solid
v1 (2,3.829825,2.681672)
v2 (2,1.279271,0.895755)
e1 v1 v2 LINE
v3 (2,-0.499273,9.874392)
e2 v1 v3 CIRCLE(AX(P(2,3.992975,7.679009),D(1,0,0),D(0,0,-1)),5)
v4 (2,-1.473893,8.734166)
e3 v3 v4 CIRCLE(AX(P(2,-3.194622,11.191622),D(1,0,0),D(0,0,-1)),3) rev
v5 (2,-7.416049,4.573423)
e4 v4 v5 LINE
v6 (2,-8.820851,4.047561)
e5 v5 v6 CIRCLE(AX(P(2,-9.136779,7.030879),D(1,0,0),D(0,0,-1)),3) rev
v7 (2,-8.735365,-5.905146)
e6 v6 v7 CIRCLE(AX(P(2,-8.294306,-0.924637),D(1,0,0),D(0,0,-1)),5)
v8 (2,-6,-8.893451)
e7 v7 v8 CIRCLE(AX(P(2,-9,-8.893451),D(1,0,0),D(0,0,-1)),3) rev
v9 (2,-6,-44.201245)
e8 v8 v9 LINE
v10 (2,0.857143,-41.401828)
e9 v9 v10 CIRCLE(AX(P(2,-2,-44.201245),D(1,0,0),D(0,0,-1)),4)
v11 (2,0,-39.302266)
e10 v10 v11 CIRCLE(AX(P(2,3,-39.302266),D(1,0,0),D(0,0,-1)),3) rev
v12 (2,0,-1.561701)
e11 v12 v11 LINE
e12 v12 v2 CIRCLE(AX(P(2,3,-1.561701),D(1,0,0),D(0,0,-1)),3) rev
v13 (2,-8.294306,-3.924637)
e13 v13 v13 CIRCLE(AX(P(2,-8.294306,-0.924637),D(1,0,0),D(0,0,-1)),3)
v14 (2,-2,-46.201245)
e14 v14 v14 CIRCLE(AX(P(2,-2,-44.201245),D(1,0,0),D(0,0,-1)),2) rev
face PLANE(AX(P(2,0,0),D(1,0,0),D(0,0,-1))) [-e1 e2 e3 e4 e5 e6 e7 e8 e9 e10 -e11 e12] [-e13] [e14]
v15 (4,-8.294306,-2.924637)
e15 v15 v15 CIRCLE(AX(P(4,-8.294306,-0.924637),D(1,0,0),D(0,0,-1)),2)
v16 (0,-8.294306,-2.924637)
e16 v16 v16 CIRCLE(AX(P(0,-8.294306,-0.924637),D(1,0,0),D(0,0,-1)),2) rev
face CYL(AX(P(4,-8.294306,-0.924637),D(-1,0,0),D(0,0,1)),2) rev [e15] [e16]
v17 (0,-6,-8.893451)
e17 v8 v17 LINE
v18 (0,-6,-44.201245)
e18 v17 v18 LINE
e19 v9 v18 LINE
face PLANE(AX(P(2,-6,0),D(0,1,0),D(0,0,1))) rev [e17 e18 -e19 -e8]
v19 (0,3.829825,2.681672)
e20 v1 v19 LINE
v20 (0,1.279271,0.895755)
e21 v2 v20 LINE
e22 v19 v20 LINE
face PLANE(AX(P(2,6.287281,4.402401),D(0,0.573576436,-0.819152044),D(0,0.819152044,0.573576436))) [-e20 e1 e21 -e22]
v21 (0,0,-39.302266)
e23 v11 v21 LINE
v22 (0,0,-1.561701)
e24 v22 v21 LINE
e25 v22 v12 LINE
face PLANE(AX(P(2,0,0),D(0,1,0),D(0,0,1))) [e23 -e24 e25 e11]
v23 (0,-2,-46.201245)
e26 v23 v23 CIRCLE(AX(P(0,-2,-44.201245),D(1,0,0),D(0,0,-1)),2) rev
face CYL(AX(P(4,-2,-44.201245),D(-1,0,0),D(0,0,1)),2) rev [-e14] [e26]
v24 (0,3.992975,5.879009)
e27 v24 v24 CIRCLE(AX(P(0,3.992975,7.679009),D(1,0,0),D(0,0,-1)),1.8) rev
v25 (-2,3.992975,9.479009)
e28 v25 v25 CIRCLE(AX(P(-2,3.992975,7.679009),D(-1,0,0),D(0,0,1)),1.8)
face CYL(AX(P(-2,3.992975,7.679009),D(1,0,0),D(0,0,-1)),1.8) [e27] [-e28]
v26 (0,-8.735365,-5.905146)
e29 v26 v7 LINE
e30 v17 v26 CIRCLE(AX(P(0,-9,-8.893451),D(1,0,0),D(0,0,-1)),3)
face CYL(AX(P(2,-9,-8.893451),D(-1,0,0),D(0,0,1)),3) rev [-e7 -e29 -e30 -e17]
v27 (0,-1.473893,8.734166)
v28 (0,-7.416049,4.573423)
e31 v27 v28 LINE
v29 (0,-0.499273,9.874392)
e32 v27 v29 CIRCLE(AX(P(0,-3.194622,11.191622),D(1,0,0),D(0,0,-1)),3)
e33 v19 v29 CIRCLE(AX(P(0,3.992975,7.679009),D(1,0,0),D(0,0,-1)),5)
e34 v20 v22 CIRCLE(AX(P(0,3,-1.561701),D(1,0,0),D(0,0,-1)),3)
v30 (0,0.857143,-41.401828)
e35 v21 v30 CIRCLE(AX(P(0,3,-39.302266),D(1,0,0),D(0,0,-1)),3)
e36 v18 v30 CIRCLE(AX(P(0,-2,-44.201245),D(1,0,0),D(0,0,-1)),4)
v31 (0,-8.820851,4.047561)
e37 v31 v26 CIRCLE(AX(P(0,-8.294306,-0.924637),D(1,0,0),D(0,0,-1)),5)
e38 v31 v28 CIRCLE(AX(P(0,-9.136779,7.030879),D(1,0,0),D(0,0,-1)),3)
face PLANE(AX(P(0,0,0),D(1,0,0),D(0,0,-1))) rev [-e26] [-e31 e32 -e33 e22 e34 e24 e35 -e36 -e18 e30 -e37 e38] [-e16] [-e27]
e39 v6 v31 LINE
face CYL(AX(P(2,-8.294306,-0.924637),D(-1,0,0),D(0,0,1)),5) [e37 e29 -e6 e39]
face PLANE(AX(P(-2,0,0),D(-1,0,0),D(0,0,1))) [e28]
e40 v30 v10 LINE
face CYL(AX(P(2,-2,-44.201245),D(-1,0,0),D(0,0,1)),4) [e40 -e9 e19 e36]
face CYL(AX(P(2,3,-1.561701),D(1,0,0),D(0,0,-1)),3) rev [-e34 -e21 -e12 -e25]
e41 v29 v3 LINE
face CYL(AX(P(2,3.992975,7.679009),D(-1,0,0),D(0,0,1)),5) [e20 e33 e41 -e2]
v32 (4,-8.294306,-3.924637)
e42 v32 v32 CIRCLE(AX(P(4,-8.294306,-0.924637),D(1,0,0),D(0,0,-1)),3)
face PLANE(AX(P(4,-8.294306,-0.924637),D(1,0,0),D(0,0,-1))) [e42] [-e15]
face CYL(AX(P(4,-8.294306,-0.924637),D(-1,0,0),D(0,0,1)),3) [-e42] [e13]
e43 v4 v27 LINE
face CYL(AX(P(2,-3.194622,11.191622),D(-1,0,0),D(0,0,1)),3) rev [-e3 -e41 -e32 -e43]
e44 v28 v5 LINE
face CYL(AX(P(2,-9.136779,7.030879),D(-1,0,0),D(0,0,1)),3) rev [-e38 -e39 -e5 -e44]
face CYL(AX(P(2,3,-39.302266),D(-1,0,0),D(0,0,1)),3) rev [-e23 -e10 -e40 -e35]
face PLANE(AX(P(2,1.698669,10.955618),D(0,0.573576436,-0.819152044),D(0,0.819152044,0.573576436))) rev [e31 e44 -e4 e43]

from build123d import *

# Parameters (mm, degrees)
EXTRUDE_1_DEPTH          = 2
EXTRUDE_START            = 2
SKETCH_1_4_R             = 3
EXTRUDE_2_DEPTH          = 2
CUT_EXTRUDE_1_DEPTH      = 51.160727735
CUT_EXTRUDE_1_DEPTH_BACK = 51.160727735
SKETCH_1_3_R             = 2
FILLET_1_R               = 3
SKETCH_2_R               = 2
EXTRUDE_3_DEPTH          = 2
SKETCH_2_3_R             = 1.8
EXTRUDE_4_DEPTH          = 2


with BuildPart() as part:
    # 草图1 → 凸台-拉伸1 (new body)
    with BuildSketch(Plane(origin=(0, 0, 0), x_dir=(0, 0, -1), z_dir=(1, 0, 0))):
        with BuildLine():
            Line((40.737143614, 0), (0, 0))
            Line((0, 0), (2.48051592, -3.542543867))
            ThreePointArc((2.48051592, -3.542543867), (4.165783411, -4.487079684), (5.367176995, -6))
            Line((5.367176995, -6), (44.201245229, -6))
            ThreePointArc((44.201245229, -6), (40.737143614, -4), (40.737143614, 0))
        make_face()
        with BuildLine():
            Line((2.48051592, -3.542543867), (0, 0))
            Line((0, 0), (-2.681672007, 3.829824531))
            ThreePointArc((-2.681672007, 3.829824531), (-4.811127311, -0.102785303), (-9.234888361, -0.758786959))
            Line((-9.234888361, -0.758786959), (-4.072700434, -8.131155358))
            ThreePointArc((-4.072700434, -8.131155358), (-1.94324513, -4.198545524), (2.48051592, -3.542543867))
        make_face()
        with BuildLine():
            ThreePointArc((48.201245229, -2), (45.23652141, 1.863703305), (40.737143614, 0))
            Line((40.737143614, 0), (44.201245229, 0))
            ThreePointArc((44.201245229, 0), (45.615458792, -0.585786438), (46.201245229, -2))
            ThreePointArc((46.201245229, -2), (45.615458792, -3.414213562), (44.201245229, -4))
            Line((44.201245229, -4), (44.201245229, -6))
            ThreePointArc((44.201245229, -6), (47.029672354, -4.828427125), (48.201245229, -2))
        make_face()
        with BuildLine():
            Line((44.201245229, 0), (40.737143614, 0))
            ThreePointArc((40.737143614, 0), (40.737143614, -4), (44.201245229, -6))
            Line((44.201245229, -6), (44.201245229, -4))
            ThreePointArc((44.201245229, -4), (42.201245229, -2), (44.201245229, 0))
        make_face()
        with BuildLine():
            ThreePointArc((5.367176995, -6), (4.165783411, -4.487079684), (2.48051592, -3.542543867))
            Line((2.48051592, -3.542543867), (4.201245229, -6))
            Line((4.201245229, -6), (5.367176995, -6))
        make_face()
        with BuildLine():
            Line((4.201245229, -6), (2.48051592, -3.542543867))
            ThreePointArc((2.48051592, -3.542543867), (-1.94324513, -4.198545524), (-4.072700434, -8.131155358))
            Line((-4.072700434, -8.131155358), (-2.351971125, -10.588611491))
            Line((-2.351971125, -10.588611491), (-1.532819081, -10.015035054))
            ThreePointArc((-1.532819081, -10.015035054), (-0.796092257, -5.836849613), (3.382093185, -6.573576436))
            Line((3.382093185, -6.573576436), (4.201245229, -6))
        make_face()
        with BuildLine():
            ThreePointArc((-9.234888361, -0.758786959), (-4.811127311, -0.102785303), (-2.681672007, 3.829824531))
            Line((-2.681672007, 3.829824531), (-4.402401316, 6.287280664))
            Line((-4.402401316, 6.287280664), (-6.040705405, 5.140127792))
            ThreePointArc((-6.040705405, 5.140127792), (-5.771575592, 4.594386518), (-5.679009493, 3.992974919))
            ThreePointArc((-5.679009493, 3.992974919), (-7.077597894, 2.085541017), (-9.317313582, 2.845822046))
            Line((-9.317313582, 2.845822046), (-10.95561767, 1.698669174))
            Line((-10.95561767, 1.698669174), (-9.234888361, -0.758786959))
        make_face()
        with BuildLine():
            Line((-4.402401316, 6.287280664), (-2.681672007, 3.829824531))
            ThreePointArc((-2.681672007, 3.829824531), (-2.679675166, 3.911388863), (-2.679009493, 3.992974919))
            ThreePointArc((-2.679009493, 3.992974919), (-10.613341245, 8.041394014), (-9.234888361, -0.758786959))
            Line((-9.234888361, -0.758786959), (-10.95561767, 1.698669174))
            Line((-10.95561767, 1.698669174), (-9.317313582, 2.845822046))
            ThreePointArc((-9.317313582, 2.845822046), (-8.826162366, 5.631279008), (-6.040705405, 5.140127792))
            Line((-6.040705405, 5.140127792), (-4.402401316, 6.287280664))
        make_face()
        with BuildLine():
            ThreePointArc((46.201245229, -2), (45.615458792, -0.585786438), (44.201245229, 0))
            Line((44.201245229, 0), (44.201245229, -4))
            ThreePointArc((44.201245229, -4), (45.615458792, -3.414213562), (46.201245229, -2))
        make_face()
        with BuildLine():
            Line((44.201245229, -4), (44.201245229, 0))
            ThreePointArc((44.201245229, 0), (42.201245229, -2), (44.201245229, -4))
        make_face()
        with BuildLine():
            Line((5.367176995, -6), (4.201245229, -6))
            Line((4.201245229, -6), (3.382093185, -6.573576436))
            ThreePointArc((3.382093185, -6.573576436), (3.785787904, -7.392188347), (3.924637052, -8.294305745))
            ThreePointArc((3.924637052, -8.294305745), (1.826754451, -11.155456598), (-1.532819081, -10.015035054))
            Line((-1.532819081, -10.015035054), (-2.351971125, -10.588611491))
            Line((-2.351971125, -10.588611491), (-4.072700434, -8.131155358))
            ThreePointArc((-4.072700434, -8.131155358), (0.843050996, -13.293640073), (5.924637052, -8.294305745))
            ThreePointArc((5.924637052, -8.294305745), (5.783273678, -7.113776143), (5.367176995, -6))
        make_face()
        with BuildLine():
            ThreePointArc((3.924637052, -8.294305745), (3.785787904, -7.392188347), (3.382093185, -6.573576436))
            Line((3.382093185, -6.573576436), (2.562941141, -7.147152873))
            ThreePointArc((2.562941141, -7.147152873), (2.832070954, -7.692894146), (2.924637052, -8.294305745))
            ThreePointArc((2.924637052, -8.294305745), (1.526048651, -10.201739647), (-0.713667036, -9.441458618))
            Line((-0.713667036, -9.441458618), (-1.532819081, -10.015035054))
            ThreePointArc((-1.532819081, -10.015035054), (1.826754451, -11.155456598), (3.924637052, -8.294305745))
        make_face()
        with BuildLine():
            Line((2.562941141, -7.147152873), (3.382093185, -6.573576436))
            ThreePointArc((3.382093185, -6.573576436), (-0.796092257, -5.836849613), (-1.532819081, -10.015035054))
            Line((-1.532819081, -10.015035054), (-0.713667036, -9.441458618))
            ThreePointArc((-0.713667036, -9.441458618), (-0.222515821, -6.656001657), (2.562941141, -7.147152873))
        make_face()
        with BuildLine():
            ThreePointArc((-5.679009493, 3.992974919), (-5.771575592, 4.594386518), (-6.040705405, 5.140127792))
            Line((-6.040705405, 5.140127792), (-9.317313582, 2.845822046))
            ThreePointArc((-9.317313582, 2.845822046), (-7.077597894, 2.085541017), (-5.679009493, 3.992974919))
        make_face()
        with BuildLine():
            Line((-9.317313582, 2.845822046), (-6.040705405, 5.140127792))
            ThreePointArc((-6.040705405, 5.140127792), (-8.826162366, 5.631279008), (-9.317313582, 2.845822046))
        make_face()
        with BuildLine():
            ThreePointArc((2.924637052, -8.294305745), (2.832070954, -7.692894146), (2.562941141, -7.147152873))
            Line((2.562941141, -7.147152873), (-0.713667036, -9.441458618))
            ThreePointArc((-0.713667036, -9.441458618), (1.526048651, -10.201739647), (2.924637052, -8.294305745))
        make_face()
        with BuildLine():
            Line((-0.713667036, -9.441458618), (2.562941141, -7.147152873))
            ThreePointArc((2.562941141, -7.147152873), (-0.222515821, -6.656001657), (-0.713667036, -9.441458618))
        make_face()
    extrude(amount=EXTRUDE_1_DEPTH)

    # 草图1<4> → 凸台-拉伸2 (add)
    with BuildSketch(Plane(origin=(0, 0, 0), x_dir=(0, 0, -1), z_dir=(1, 0, 0)).offset(EXTRUDE_START)):
        with Locations((0.924637052, -8.294305745)):
            Circle(SKETCH_1_4_R)
    extrude(amount=EXTRUDE_2_DEPTH)

    # 草图1<3> → 切除-拉伸1 (cut, two sides: drawn at the far end of the back side and taken through both)
    with BuildSketch(Plane(origin=(0, 0, 0), x_dir=(0, 0, -1), z_dir=(1, 0, 0)).offset(-CUT_EXTRUDE_1_DEPTH_BACK)):
        with Locations((-7.679009493, 3.992974919)):
            Circle(SKETCH_1_3_R)
        with Locations((44.201245229, -2)):
            Circle(SKETCH_1_3_R)
        with Locations((0.924637052, -8.294305745)):
            Circle(SKETCH_1_3_R)
    extrude(amount=CUT_EXTRUDE_1_DEPTH + CUT_EXTRUDE_1_DEPTH_BACK, mode=Mode.SUBTRACT)

    # 圆角1
    fillet_1_edges = [part.edges().sort_by_distance(p)[0] for p in [
        (1, -6, -5.367176995),
        (1, 0, 0),
        (1, 0, -40.737143614),
        (1, -0.758786959, 9.234888361),
        (1, -8.131155358, 4.072700434),
    ]]
    fillet(fillet_1_edges, radius=FILLET_1_R)

    # 草图2 → 凸台-拉伸3 (add)
    with BuildSketch(Plane.ZY):
        with Locations((7.679009493, 3.992974919)):
            Circle(SKETCH_2_R)
    extrude(amount=-EXTRUDE_3_DEPTH)

    # 草图2<3> → 凸台-拉伸4 (add)
    with BuildSketch(Plane.ZY):
        with Locations(Location((7.679009493, 3.992974919, 0), (0, 0, 180))):
            Circle(SKETCH_2_3_R)
    extrude(amount=EXTRUDE_4_DEPTH)


solid = part.part
